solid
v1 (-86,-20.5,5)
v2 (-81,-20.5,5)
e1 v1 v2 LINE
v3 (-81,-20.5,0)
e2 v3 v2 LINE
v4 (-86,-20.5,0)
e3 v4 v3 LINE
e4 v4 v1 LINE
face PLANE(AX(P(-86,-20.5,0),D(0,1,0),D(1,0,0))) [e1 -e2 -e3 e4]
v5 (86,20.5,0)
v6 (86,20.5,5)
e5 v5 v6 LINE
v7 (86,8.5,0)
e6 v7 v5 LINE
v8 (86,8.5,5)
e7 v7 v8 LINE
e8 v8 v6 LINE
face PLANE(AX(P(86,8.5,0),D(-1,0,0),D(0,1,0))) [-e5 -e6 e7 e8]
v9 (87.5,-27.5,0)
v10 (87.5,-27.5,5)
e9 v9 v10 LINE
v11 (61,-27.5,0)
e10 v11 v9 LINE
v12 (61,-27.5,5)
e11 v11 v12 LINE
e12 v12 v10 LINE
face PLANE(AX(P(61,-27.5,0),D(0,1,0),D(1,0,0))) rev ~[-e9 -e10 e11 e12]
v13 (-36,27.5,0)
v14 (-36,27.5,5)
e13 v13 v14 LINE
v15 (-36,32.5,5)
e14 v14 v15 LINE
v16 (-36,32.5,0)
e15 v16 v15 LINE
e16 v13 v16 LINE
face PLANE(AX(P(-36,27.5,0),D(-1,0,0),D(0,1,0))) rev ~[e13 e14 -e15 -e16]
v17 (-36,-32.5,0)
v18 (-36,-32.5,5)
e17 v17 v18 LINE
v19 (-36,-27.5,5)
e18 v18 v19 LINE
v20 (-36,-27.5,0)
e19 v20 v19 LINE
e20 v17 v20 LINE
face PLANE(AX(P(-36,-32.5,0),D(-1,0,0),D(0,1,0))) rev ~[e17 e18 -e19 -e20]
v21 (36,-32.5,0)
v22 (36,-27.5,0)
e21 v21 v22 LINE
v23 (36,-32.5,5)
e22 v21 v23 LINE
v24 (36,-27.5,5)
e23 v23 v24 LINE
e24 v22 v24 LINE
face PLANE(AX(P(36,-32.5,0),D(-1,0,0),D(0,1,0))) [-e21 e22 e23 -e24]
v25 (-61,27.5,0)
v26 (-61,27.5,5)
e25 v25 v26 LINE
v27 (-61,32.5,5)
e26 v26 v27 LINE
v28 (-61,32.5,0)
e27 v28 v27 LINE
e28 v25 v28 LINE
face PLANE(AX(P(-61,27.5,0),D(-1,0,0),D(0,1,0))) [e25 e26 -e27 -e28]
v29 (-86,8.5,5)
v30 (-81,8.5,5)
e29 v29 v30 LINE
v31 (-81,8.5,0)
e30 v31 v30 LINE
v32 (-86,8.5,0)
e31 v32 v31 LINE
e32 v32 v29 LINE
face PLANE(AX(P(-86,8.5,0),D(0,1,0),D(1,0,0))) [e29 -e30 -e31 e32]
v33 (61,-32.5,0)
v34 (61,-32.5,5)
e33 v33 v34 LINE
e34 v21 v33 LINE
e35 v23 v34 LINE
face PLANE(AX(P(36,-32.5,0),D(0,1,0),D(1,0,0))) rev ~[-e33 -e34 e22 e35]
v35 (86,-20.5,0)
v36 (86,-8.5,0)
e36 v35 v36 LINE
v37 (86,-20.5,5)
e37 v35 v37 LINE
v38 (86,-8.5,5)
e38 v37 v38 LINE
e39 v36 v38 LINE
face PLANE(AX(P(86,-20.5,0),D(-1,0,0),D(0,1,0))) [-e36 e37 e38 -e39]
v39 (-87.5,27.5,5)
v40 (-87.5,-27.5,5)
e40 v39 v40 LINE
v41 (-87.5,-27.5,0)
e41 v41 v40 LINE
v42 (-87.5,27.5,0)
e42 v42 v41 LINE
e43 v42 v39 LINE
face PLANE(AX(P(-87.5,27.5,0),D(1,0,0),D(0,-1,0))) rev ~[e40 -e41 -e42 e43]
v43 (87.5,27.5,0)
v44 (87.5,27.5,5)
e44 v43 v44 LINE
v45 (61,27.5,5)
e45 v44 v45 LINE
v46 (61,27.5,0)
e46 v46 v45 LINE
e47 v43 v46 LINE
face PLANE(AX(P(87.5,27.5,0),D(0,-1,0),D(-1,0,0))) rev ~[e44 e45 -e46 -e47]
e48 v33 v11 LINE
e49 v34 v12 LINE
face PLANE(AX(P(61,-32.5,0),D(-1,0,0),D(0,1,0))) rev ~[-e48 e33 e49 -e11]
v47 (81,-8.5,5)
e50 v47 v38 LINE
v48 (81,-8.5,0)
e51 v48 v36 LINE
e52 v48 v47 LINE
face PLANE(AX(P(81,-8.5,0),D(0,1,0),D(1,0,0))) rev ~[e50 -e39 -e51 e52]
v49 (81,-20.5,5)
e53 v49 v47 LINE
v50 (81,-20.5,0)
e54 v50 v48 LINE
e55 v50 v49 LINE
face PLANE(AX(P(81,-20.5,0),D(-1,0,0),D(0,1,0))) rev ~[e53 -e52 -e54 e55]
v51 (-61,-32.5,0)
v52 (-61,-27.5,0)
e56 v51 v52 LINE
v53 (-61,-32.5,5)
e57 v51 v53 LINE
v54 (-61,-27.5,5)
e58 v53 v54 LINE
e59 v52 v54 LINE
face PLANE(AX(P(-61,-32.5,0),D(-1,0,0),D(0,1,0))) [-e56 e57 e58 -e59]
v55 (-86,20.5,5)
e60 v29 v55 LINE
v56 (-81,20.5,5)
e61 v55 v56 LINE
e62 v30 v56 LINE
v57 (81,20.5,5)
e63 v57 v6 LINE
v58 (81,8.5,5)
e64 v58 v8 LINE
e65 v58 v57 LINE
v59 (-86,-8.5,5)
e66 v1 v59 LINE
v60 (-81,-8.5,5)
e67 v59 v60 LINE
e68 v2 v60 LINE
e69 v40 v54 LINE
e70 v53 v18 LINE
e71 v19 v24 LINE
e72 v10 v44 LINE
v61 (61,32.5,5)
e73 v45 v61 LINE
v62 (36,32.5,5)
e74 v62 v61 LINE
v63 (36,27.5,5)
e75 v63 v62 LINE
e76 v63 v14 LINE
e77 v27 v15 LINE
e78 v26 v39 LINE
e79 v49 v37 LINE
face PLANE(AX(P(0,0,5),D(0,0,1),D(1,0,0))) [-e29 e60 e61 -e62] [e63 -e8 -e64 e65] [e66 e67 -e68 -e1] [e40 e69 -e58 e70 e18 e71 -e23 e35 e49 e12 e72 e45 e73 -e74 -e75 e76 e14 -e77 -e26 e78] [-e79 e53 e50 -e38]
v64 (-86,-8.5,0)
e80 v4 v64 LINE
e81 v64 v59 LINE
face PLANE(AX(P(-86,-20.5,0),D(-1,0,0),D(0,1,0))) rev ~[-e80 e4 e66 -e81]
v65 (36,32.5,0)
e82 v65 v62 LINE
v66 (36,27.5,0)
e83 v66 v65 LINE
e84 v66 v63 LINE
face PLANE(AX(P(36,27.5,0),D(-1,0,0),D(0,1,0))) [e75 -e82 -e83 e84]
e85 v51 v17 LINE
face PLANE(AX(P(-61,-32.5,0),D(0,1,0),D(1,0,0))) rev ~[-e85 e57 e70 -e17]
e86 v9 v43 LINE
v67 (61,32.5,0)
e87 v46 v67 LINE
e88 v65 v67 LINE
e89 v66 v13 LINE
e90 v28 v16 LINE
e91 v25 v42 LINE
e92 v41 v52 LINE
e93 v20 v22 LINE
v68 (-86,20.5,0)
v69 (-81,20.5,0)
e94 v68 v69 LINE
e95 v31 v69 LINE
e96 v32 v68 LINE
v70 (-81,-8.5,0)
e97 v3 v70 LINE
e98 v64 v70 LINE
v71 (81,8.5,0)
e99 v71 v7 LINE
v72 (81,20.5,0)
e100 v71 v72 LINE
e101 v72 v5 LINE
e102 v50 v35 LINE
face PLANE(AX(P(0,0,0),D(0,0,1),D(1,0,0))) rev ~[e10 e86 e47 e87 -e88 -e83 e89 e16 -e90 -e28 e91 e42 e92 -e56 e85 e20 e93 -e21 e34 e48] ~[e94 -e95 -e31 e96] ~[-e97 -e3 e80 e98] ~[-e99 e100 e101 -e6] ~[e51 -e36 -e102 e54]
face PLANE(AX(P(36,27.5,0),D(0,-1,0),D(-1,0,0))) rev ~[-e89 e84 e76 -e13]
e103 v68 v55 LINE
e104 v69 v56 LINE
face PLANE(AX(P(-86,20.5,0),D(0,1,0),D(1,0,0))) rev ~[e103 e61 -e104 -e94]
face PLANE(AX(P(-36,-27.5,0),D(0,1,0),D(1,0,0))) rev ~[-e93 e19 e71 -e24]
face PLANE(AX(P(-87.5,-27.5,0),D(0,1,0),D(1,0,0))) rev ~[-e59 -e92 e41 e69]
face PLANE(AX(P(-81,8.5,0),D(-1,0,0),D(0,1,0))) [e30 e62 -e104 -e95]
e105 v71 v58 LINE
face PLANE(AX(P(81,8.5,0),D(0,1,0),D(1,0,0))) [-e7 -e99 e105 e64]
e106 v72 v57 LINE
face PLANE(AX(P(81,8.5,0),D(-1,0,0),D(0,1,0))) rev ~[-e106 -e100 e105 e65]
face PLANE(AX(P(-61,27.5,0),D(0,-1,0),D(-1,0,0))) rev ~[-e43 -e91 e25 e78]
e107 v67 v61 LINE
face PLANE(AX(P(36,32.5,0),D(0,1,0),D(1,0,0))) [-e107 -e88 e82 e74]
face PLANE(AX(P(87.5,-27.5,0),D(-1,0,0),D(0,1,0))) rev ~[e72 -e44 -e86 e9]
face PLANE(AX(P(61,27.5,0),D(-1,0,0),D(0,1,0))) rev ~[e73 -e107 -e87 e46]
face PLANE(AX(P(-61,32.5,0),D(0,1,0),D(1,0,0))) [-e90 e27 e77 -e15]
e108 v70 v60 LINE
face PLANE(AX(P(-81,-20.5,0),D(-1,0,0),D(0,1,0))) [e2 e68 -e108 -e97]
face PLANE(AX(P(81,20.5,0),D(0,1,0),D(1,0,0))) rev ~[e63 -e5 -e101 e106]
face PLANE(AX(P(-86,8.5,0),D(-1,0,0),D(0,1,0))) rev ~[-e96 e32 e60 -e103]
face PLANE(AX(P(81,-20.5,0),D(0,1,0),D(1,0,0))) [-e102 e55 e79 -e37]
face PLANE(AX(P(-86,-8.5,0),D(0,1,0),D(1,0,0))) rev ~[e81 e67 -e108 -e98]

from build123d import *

# Parameters (mm, degrees)
F0_W     = 5
F0_H     = 12
F0_W_2   = 25
F0_H_2   = 5
F1_DEPTH = 5


with BuildPart() as f1:
    # F0 (on Top) → F1 (new body)
    with BuildSketch(Plane.XY):
        Polygon((87.5, -27.5), (87.5, 27.5), (61, 27.5), (36, 27.5), (-36, 27.5), (-61, 27.5), (-87.5, 27.5), (-87.5, -27.5), (-61, -27.5), (-36, -27.5), (36, -27.5), (61, -27.5), align=None)
        with Locations((-83.5, -14.5)):
            Rectangle(F0_W, F0_H, mode=Mode.SUBTRACT)
        with Locations((83.5, -14.5)):
            Rectangle(F0_W, F0_H, mode=Mode.SUBTRACT)
        with Locations((-83.5, 14.5)):
            Rectangle(F0_W, F0_H, mode=Mode.SUBTRACT)
        with Locations((83.5, 14.5)):
            Rectangle(F0_W, F0_H, mode=Mode.SUBTRACT)
        with Locations((-48.5, 30)):
            Rectangle(F0_W_2, F0_H_2)
        with Locations((48.5, 30)):
            Rectangle(F0_W_2, F0_H_2)
        with Locations((48.5, -30)):
            Rectangle(F0_W_2, F0_H_2)
        with Locations((-48.5, -30)):
            Rectangle(F0_W_2, F0_H_2)
    extrude(amount=F1_DEPTH)


solid = f1.part
